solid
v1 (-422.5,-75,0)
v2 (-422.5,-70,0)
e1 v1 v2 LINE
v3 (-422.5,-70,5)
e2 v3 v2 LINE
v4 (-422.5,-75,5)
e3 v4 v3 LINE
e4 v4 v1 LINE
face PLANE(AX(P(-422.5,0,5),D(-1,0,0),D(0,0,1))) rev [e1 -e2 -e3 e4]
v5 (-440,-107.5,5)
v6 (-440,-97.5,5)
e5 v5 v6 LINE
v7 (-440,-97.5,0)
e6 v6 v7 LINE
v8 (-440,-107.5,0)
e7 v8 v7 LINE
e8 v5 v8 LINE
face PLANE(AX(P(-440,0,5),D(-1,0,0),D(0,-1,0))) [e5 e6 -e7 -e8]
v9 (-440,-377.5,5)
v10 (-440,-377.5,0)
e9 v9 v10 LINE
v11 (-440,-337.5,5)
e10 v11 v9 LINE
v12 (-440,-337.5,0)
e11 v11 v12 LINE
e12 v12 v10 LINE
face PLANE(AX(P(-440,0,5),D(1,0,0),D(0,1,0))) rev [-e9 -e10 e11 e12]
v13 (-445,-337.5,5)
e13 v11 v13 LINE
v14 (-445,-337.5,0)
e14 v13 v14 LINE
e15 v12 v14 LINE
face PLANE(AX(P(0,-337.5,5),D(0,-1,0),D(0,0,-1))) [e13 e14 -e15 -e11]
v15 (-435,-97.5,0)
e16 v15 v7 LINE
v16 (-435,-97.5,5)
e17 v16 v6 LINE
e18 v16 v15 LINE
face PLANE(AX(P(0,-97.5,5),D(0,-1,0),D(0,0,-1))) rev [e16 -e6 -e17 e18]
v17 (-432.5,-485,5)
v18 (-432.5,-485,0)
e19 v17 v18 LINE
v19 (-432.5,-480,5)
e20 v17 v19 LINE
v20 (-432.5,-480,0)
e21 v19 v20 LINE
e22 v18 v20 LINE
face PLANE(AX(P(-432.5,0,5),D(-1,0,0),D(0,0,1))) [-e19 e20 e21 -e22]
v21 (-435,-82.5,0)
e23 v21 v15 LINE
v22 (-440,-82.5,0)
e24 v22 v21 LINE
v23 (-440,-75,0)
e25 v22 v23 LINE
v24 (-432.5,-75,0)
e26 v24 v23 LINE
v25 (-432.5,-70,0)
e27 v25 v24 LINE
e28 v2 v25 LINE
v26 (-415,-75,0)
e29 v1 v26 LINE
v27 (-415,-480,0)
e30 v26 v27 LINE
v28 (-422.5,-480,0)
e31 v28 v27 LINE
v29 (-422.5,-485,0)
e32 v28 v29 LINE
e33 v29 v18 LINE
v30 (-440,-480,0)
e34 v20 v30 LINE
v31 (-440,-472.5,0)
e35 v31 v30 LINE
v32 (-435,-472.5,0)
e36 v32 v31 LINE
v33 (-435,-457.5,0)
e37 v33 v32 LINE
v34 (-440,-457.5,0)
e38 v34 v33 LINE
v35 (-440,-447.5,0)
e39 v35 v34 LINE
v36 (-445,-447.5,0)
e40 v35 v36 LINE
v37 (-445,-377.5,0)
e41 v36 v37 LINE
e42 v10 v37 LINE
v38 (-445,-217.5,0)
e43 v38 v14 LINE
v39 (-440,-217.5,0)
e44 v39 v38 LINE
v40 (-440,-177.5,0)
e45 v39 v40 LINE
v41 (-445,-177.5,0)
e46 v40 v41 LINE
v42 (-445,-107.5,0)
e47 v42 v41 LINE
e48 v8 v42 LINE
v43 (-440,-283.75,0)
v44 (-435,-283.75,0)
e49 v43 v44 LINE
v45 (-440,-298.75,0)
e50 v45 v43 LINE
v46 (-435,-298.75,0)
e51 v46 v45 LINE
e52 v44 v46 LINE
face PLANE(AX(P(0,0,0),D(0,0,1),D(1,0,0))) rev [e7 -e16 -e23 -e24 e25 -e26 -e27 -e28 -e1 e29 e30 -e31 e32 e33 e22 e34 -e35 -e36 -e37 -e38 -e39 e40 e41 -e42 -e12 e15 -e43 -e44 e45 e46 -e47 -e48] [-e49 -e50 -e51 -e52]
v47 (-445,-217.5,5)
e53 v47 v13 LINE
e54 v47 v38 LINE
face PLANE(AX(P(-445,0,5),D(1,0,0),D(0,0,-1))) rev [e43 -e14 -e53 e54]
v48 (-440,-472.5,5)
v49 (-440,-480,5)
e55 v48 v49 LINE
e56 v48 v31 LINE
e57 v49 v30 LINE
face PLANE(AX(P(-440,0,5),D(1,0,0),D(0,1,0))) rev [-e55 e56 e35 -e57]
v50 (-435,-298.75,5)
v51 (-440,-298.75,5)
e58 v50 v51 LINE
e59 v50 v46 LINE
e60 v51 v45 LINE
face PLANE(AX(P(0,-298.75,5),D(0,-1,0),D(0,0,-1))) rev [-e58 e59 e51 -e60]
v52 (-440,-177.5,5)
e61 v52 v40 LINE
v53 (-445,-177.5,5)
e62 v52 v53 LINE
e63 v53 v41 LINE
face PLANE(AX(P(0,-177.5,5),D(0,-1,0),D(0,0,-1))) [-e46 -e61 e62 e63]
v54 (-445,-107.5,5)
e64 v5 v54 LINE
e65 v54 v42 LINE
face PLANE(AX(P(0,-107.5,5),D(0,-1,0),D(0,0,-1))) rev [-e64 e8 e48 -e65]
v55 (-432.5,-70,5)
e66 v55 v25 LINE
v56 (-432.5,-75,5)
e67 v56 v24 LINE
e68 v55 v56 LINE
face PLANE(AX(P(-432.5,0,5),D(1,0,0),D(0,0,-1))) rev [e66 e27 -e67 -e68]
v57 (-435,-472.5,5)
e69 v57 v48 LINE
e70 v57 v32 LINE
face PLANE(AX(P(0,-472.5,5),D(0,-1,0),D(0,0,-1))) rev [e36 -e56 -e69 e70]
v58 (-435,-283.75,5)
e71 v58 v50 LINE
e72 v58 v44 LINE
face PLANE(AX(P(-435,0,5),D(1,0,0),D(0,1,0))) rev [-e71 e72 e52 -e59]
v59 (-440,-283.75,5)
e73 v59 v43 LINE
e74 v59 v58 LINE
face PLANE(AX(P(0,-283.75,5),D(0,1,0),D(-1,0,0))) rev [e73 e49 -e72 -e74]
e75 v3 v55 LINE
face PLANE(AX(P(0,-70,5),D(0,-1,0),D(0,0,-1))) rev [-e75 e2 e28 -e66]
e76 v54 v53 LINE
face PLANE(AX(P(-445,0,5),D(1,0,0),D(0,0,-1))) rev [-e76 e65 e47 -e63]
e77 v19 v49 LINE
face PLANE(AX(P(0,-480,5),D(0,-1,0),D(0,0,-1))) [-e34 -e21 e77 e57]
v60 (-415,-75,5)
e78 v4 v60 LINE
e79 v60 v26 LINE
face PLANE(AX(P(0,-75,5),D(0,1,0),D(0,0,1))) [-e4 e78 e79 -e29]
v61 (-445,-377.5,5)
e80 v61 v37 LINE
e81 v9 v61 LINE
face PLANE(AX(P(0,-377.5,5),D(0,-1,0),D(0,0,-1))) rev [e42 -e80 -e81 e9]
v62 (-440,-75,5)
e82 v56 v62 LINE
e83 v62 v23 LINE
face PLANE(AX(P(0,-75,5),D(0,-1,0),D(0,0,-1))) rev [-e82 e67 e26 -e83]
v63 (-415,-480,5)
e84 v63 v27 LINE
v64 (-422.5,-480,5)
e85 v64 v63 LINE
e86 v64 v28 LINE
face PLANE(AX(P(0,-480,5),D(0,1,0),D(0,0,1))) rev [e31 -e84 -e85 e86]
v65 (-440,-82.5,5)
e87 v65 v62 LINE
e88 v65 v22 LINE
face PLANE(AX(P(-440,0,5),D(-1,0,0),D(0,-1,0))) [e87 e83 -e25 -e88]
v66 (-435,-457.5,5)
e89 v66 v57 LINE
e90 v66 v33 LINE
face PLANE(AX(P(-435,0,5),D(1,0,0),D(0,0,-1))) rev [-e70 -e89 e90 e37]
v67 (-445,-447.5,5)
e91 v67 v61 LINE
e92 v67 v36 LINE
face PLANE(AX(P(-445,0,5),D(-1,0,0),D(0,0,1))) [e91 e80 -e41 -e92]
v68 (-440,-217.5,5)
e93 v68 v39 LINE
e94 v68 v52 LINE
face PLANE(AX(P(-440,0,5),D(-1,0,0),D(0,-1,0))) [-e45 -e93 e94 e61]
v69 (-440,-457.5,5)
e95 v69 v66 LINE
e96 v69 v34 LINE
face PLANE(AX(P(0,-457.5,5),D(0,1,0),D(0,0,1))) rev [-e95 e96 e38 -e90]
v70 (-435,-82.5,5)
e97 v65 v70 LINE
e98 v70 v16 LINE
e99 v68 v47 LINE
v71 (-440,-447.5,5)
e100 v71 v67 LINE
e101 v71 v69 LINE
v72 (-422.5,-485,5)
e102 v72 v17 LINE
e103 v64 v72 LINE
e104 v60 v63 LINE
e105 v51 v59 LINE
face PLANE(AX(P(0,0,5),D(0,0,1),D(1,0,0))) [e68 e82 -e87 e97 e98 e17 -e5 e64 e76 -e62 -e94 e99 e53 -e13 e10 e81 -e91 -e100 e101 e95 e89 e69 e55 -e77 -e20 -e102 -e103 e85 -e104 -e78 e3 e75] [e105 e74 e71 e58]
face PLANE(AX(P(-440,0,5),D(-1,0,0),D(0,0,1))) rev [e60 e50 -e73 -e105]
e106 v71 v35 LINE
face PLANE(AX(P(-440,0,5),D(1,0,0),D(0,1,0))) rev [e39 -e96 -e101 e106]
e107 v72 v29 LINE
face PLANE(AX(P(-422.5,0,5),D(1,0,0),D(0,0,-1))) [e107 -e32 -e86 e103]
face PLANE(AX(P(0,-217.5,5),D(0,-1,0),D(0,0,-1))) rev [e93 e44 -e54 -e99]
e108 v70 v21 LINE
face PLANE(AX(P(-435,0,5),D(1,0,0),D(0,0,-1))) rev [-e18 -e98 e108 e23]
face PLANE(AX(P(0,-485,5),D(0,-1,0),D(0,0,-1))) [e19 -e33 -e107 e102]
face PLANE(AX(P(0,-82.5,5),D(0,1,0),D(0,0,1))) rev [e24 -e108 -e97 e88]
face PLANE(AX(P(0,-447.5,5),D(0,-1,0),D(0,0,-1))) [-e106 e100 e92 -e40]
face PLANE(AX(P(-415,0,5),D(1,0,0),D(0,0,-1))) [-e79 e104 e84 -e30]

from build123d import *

# Parameters (mm, degrees)
SKETCH1_W           = 5
SKETCH1_H           = 15
BOSS_EXTRUDE1_DEPTH = 5


with BuildPart() as part:
    # Sketch1 → Boss-Extrude1 (new body)
    with BuildSketch(Plane.XY):
        Polygon((-440, -217.5), (-440, -177.5), (-445, -177.5), (-445, -107.5), (-440, -107.5), (-440, -97.5), (-435, -97.5), (-435, -82.5), (-440, -82.5), (-440, -75), (-432.5, -75), (-432.5, -70), (-422.5, -70), (-422.5, -75), (-415, -75), (-415, -480), (-422.5, -480), (-422.5, -485), (-432.5, -485), (-432.5, -480), (-440, -480), (-440, -472.5), (-435, -472.5), (-435, -457.5), (-440, -457.5), (-440, -447.5), (-445, -447.5), (-445, -377.5), (-440, -377.5), (-440, -337.5), (-445, -337.5), (-445, -217.5), align=None)
        with Locations((-437.5, -291.25)):
            Rectangle(SKETCH1_W, SKETCH1_H, mode=Mode.SUBTRACT)
    extrude(amount=BOSS_EXTRUDE1_DEPTH)


solid = part.part
